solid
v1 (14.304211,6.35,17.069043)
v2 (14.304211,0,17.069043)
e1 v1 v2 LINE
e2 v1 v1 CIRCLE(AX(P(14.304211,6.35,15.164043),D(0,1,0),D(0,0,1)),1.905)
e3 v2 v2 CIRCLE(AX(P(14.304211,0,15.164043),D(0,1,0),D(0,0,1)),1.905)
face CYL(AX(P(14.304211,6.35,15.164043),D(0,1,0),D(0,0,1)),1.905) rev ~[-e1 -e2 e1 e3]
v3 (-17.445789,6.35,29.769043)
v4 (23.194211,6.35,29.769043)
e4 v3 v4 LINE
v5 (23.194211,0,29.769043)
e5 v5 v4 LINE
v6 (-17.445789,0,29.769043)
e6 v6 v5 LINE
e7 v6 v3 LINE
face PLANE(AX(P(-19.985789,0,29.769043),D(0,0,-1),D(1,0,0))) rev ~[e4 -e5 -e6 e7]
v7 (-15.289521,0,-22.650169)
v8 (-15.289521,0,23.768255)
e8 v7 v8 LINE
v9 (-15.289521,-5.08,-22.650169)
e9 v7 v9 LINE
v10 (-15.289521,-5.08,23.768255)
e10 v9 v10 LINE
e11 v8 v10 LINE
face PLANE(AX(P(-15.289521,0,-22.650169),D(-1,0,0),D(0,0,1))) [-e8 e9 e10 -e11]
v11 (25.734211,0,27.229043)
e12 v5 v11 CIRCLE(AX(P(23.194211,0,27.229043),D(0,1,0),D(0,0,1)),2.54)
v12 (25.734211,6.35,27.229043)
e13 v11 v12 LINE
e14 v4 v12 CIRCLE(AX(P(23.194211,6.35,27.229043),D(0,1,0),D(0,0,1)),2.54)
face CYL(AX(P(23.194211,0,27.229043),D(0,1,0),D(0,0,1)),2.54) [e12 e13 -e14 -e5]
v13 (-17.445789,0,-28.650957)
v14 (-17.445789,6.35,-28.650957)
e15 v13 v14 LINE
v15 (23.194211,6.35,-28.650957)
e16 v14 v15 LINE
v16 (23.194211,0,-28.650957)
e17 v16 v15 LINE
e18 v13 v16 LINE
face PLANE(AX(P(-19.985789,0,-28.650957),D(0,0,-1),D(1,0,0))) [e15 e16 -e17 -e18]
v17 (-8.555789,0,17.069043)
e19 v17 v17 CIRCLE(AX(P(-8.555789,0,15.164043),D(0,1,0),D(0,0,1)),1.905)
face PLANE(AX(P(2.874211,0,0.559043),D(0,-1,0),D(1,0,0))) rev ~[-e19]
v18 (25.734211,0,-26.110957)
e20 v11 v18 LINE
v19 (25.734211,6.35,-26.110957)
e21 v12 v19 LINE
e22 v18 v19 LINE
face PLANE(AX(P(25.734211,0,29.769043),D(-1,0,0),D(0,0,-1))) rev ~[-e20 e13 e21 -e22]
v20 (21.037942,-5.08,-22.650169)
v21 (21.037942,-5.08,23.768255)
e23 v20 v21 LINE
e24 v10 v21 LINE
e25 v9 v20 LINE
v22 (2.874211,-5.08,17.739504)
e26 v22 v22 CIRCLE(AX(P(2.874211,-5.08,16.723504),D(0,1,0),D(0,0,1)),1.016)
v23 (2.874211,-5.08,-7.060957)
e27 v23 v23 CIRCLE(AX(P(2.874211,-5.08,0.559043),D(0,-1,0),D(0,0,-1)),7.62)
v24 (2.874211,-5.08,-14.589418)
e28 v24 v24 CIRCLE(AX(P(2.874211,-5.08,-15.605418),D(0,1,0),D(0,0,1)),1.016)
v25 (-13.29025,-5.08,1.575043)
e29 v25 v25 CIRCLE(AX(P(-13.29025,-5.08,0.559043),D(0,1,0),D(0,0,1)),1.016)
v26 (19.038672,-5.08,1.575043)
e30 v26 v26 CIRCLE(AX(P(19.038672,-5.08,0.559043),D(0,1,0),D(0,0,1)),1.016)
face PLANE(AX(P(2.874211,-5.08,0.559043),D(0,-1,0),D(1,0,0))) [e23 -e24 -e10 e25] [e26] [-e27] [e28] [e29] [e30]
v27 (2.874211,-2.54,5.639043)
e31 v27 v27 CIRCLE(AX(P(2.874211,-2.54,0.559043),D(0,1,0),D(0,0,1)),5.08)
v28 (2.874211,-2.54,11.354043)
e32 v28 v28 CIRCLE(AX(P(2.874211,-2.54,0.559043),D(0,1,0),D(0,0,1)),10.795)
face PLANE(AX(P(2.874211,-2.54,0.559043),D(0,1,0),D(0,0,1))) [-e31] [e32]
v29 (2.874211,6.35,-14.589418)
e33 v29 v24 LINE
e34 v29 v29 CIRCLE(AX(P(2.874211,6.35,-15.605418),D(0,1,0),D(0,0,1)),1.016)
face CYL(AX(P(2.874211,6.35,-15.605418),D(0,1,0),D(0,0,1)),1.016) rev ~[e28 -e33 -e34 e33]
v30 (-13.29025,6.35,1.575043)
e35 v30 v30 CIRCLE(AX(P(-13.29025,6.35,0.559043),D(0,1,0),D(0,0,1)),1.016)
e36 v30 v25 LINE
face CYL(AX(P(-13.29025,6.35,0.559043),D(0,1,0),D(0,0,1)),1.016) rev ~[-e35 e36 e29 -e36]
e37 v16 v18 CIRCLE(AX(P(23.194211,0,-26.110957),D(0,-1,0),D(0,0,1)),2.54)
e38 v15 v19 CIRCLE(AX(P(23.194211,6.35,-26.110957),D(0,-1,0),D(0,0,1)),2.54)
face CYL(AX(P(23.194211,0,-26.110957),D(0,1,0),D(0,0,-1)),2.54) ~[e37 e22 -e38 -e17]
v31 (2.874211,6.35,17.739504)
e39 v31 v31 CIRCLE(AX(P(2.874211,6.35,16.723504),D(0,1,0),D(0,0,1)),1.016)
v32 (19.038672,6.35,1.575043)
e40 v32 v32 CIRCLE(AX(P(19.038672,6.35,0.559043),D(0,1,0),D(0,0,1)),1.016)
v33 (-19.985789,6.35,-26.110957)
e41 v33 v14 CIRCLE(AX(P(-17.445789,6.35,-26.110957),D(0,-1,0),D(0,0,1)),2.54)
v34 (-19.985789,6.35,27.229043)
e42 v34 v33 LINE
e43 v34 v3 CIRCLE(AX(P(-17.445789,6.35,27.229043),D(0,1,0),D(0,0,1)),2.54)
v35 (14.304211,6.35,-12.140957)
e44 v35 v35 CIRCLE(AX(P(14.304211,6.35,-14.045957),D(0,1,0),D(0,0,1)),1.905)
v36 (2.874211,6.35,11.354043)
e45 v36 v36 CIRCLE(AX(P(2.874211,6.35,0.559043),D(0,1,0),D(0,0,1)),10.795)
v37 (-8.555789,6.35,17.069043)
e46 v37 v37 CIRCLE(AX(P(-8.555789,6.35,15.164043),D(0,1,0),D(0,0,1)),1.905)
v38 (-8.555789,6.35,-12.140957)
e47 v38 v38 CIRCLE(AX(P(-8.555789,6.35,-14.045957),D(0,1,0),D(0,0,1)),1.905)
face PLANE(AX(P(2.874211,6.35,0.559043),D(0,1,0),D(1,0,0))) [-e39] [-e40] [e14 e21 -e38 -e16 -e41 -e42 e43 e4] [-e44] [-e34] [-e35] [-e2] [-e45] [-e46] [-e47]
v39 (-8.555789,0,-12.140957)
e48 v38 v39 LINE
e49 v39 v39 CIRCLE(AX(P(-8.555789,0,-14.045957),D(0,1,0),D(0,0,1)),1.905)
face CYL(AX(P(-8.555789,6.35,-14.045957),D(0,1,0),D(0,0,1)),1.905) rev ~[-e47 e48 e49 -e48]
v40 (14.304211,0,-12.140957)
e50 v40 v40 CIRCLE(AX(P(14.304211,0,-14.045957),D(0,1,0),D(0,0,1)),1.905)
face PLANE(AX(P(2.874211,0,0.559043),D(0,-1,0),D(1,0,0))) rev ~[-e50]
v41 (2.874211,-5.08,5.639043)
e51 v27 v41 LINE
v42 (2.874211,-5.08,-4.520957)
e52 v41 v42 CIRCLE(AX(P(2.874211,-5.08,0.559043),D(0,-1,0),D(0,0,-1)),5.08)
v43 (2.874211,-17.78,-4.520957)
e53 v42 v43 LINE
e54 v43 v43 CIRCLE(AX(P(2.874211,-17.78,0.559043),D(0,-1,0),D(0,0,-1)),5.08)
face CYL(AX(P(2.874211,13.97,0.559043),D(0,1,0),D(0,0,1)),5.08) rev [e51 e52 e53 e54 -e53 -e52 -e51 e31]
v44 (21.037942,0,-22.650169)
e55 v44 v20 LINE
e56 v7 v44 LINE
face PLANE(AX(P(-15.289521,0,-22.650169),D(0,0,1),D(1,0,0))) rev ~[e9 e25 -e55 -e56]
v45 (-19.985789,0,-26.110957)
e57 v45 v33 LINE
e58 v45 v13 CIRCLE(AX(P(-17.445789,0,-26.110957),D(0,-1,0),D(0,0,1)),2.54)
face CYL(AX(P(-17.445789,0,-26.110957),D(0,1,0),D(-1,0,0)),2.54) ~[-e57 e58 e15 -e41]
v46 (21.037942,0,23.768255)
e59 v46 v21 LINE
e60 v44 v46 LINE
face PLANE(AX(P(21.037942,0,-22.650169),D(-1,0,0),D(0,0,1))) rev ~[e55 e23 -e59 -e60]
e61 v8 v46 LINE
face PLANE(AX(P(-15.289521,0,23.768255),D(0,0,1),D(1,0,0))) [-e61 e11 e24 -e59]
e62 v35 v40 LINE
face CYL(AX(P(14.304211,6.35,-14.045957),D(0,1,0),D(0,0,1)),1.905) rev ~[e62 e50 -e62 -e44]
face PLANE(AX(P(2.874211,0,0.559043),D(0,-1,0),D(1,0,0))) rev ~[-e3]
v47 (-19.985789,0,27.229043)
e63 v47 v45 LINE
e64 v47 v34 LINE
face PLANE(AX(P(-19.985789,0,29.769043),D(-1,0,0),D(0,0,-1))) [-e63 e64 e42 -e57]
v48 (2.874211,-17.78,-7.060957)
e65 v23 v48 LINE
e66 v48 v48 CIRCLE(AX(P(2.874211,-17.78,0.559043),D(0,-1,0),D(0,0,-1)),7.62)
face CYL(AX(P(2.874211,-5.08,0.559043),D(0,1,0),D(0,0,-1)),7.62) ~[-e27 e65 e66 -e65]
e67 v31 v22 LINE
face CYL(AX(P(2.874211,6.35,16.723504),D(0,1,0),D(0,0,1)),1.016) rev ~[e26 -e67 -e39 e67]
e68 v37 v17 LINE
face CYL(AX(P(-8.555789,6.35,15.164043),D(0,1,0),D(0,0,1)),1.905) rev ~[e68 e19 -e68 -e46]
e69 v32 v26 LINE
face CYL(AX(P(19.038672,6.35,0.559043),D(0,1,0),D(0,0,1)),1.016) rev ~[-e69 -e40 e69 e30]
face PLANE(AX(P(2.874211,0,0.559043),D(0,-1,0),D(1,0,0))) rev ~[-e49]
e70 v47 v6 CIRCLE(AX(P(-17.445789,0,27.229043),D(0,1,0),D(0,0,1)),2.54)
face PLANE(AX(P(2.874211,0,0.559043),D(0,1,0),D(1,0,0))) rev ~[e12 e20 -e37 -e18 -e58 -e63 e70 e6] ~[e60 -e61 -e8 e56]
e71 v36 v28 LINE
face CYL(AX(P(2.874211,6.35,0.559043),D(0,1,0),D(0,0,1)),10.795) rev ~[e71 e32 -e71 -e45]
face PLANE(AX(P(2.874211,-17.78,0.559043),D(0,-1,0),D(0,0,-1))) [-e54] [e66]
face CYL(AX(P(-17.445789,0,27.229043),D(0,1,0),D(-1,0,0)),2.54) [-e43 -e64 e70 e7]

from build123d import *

# Parameters (mm, degrees)
SKETCH1_W           = 45.72
SKETCH1_H           = 58.42
BOSS_EXTRUDE1_DEPTH = 6.35
SKETCH2_R           = 1.905
CUT_EXTRUDE1_DEPTH  = 40.859352933
SKETCH3_W           = 36.327462092
SKETCH3_H           = 46.418423785
BOSS_EXTRUDE2_DEPTH = 5.08
SKETCH4_R           = 7.62
SKETCH4_R_2         = 5.08
BOSS_EXTRUDE3_DEPTH = 12.7
FILLET1_R           = 2.54
SKETCH5_R           = 10.795
CUT_EXTRUDE2_DEPTH  = 8.89
SKETCH6_R           = 1.016
CUT_EXTRUDE3_DEPTH  = 19.05
CUT_EXTRUDE4_START  = -19.05
SKETCH4_2_R         = 5.08
CUT_EXTRUDE4_DEPTH  = 19.05


with BuildPart() as part:
    # Sketch1 → Boss-Extrude1 (new body)
    with BuildSketch(Plane(origin=(0, 0, 0), x_dir=(1, 0, 0), z_dir=(0, 1, 0))):
        with Locations((2.874210526, -0.559043062)):
            Rectangle(SKETCH1_W, SKETCH1_H)
    extrude(amount=BOSS_EXTRUDE1_DEPTH)

    # Sketch2 → Cut-Extrude1 (cut, through all)
    with BuildSketch(Plane(origin=(0, 6.35, 0), x_dir=(1, 0, 0), z_dir=(0, 1, 0))):
        with Locations((-8.555789474, 14.045956938)):
            Circle(SKETCH2_R)
        with Locations((14.304210526, 14.045956938)):
            Circle(SKETCH2_R)
        with Locations((-8.555789474, -15.164043062)):
            Circle(SKETCH2_R)
        with Locations((14.304210526, -15.164043062)):
            Circle(SKETCH2_R)
    extrude(amount=-CUT_EXTRUDE1_DEPTH, mode=Mode.SUBTRACT)

    # Sketch3 → Boss-Extrude2 (add)
    with BuildSketch(Plane.XZ):
        with Locations((2.874210526, 0.559043062)):
            Rectangle(SKETCH3_W, SKETCH3_H)
    extrude(amount=BOSS_EXTRUDE2_DEPTH)

    # Sketch4 → Boss-Extrude3 (add)
    with BuildSketch(Plane.XZ.offset(5.08)):
        with Locations((2.874210526, 0.559043062)):
            Circle(SKETCH4_R)
        with Locations((2.874210526, 0.559043062)):
            Circle(SKETCH4_R_2, mode=Mode.SUBTRACT)
    extrude(amount=BOSS_EXTRUDE3_DEPTH)

    # Fillet1
    fillet1_edges = [part.edges().sort_by_distance(p)[0] for p in [
        (25.734210526, 3.175, -28.650956938),
        (-19.985789474, 3.175, -28.650956938),
        (-19.985789474, 3.175, 29.769043062),
        (25.734210526, 3.175, 29.769043062),
    ]]
    fillet(fillet1_edges, radius=FILLET1_R)

    # Sketch5 → Cut-Extrude2 (cut)
    with BuildSketch(Plane(origin=(0, 6.35, 0), x_dir=(1, 0, 0), z_dir=(0, 1, 0))):
        with Locations((2.874210526, -0.559043062)):
            Circle(SKETCH5_R)
    extrude(amount=-CUT_EXTRUDE2_DEPTH, mode=Mode.SUBTRACT)

    # Sketch6 → Cut-Extrude3 (cut)
    with BuildSketch(Plane(origin=(0, 6.35, 0), x_dir=(1, 0, 0), z_dir=(0, 1, 0))):
        with Locations((2.874210526, 15.605417956)):
            Circle(SKETCH6_R)
        with Locations((-13.290250492, -0.559043062)):
            Circle(SKETCH6_R)
        with Locations((2.874210526, -16.72350408)):
            Circle(SKETCH6_R)
        with Locations((19.038671544, -0.559043062)):
            Circle(SKETCH6_R)
    extrude(amount=-CUT_EXTRUDE3_DEPTH, mode=Mode.SUBTRACT)

    # Sketch4<2> → Cut-Extrude4 (cut)
    with BuildSketch(Plane.XZ.offset(5.08).offset(CUT_EXTRUDE4_START)):
        with Locations((2.874210526, 0.559043062)):
            Circle(SKETCH4_2_R)
    extrude(amount=CUT_EXTRUDE4_DEPTH, mode=Mode.SUBTRACT)


solid = part.part
